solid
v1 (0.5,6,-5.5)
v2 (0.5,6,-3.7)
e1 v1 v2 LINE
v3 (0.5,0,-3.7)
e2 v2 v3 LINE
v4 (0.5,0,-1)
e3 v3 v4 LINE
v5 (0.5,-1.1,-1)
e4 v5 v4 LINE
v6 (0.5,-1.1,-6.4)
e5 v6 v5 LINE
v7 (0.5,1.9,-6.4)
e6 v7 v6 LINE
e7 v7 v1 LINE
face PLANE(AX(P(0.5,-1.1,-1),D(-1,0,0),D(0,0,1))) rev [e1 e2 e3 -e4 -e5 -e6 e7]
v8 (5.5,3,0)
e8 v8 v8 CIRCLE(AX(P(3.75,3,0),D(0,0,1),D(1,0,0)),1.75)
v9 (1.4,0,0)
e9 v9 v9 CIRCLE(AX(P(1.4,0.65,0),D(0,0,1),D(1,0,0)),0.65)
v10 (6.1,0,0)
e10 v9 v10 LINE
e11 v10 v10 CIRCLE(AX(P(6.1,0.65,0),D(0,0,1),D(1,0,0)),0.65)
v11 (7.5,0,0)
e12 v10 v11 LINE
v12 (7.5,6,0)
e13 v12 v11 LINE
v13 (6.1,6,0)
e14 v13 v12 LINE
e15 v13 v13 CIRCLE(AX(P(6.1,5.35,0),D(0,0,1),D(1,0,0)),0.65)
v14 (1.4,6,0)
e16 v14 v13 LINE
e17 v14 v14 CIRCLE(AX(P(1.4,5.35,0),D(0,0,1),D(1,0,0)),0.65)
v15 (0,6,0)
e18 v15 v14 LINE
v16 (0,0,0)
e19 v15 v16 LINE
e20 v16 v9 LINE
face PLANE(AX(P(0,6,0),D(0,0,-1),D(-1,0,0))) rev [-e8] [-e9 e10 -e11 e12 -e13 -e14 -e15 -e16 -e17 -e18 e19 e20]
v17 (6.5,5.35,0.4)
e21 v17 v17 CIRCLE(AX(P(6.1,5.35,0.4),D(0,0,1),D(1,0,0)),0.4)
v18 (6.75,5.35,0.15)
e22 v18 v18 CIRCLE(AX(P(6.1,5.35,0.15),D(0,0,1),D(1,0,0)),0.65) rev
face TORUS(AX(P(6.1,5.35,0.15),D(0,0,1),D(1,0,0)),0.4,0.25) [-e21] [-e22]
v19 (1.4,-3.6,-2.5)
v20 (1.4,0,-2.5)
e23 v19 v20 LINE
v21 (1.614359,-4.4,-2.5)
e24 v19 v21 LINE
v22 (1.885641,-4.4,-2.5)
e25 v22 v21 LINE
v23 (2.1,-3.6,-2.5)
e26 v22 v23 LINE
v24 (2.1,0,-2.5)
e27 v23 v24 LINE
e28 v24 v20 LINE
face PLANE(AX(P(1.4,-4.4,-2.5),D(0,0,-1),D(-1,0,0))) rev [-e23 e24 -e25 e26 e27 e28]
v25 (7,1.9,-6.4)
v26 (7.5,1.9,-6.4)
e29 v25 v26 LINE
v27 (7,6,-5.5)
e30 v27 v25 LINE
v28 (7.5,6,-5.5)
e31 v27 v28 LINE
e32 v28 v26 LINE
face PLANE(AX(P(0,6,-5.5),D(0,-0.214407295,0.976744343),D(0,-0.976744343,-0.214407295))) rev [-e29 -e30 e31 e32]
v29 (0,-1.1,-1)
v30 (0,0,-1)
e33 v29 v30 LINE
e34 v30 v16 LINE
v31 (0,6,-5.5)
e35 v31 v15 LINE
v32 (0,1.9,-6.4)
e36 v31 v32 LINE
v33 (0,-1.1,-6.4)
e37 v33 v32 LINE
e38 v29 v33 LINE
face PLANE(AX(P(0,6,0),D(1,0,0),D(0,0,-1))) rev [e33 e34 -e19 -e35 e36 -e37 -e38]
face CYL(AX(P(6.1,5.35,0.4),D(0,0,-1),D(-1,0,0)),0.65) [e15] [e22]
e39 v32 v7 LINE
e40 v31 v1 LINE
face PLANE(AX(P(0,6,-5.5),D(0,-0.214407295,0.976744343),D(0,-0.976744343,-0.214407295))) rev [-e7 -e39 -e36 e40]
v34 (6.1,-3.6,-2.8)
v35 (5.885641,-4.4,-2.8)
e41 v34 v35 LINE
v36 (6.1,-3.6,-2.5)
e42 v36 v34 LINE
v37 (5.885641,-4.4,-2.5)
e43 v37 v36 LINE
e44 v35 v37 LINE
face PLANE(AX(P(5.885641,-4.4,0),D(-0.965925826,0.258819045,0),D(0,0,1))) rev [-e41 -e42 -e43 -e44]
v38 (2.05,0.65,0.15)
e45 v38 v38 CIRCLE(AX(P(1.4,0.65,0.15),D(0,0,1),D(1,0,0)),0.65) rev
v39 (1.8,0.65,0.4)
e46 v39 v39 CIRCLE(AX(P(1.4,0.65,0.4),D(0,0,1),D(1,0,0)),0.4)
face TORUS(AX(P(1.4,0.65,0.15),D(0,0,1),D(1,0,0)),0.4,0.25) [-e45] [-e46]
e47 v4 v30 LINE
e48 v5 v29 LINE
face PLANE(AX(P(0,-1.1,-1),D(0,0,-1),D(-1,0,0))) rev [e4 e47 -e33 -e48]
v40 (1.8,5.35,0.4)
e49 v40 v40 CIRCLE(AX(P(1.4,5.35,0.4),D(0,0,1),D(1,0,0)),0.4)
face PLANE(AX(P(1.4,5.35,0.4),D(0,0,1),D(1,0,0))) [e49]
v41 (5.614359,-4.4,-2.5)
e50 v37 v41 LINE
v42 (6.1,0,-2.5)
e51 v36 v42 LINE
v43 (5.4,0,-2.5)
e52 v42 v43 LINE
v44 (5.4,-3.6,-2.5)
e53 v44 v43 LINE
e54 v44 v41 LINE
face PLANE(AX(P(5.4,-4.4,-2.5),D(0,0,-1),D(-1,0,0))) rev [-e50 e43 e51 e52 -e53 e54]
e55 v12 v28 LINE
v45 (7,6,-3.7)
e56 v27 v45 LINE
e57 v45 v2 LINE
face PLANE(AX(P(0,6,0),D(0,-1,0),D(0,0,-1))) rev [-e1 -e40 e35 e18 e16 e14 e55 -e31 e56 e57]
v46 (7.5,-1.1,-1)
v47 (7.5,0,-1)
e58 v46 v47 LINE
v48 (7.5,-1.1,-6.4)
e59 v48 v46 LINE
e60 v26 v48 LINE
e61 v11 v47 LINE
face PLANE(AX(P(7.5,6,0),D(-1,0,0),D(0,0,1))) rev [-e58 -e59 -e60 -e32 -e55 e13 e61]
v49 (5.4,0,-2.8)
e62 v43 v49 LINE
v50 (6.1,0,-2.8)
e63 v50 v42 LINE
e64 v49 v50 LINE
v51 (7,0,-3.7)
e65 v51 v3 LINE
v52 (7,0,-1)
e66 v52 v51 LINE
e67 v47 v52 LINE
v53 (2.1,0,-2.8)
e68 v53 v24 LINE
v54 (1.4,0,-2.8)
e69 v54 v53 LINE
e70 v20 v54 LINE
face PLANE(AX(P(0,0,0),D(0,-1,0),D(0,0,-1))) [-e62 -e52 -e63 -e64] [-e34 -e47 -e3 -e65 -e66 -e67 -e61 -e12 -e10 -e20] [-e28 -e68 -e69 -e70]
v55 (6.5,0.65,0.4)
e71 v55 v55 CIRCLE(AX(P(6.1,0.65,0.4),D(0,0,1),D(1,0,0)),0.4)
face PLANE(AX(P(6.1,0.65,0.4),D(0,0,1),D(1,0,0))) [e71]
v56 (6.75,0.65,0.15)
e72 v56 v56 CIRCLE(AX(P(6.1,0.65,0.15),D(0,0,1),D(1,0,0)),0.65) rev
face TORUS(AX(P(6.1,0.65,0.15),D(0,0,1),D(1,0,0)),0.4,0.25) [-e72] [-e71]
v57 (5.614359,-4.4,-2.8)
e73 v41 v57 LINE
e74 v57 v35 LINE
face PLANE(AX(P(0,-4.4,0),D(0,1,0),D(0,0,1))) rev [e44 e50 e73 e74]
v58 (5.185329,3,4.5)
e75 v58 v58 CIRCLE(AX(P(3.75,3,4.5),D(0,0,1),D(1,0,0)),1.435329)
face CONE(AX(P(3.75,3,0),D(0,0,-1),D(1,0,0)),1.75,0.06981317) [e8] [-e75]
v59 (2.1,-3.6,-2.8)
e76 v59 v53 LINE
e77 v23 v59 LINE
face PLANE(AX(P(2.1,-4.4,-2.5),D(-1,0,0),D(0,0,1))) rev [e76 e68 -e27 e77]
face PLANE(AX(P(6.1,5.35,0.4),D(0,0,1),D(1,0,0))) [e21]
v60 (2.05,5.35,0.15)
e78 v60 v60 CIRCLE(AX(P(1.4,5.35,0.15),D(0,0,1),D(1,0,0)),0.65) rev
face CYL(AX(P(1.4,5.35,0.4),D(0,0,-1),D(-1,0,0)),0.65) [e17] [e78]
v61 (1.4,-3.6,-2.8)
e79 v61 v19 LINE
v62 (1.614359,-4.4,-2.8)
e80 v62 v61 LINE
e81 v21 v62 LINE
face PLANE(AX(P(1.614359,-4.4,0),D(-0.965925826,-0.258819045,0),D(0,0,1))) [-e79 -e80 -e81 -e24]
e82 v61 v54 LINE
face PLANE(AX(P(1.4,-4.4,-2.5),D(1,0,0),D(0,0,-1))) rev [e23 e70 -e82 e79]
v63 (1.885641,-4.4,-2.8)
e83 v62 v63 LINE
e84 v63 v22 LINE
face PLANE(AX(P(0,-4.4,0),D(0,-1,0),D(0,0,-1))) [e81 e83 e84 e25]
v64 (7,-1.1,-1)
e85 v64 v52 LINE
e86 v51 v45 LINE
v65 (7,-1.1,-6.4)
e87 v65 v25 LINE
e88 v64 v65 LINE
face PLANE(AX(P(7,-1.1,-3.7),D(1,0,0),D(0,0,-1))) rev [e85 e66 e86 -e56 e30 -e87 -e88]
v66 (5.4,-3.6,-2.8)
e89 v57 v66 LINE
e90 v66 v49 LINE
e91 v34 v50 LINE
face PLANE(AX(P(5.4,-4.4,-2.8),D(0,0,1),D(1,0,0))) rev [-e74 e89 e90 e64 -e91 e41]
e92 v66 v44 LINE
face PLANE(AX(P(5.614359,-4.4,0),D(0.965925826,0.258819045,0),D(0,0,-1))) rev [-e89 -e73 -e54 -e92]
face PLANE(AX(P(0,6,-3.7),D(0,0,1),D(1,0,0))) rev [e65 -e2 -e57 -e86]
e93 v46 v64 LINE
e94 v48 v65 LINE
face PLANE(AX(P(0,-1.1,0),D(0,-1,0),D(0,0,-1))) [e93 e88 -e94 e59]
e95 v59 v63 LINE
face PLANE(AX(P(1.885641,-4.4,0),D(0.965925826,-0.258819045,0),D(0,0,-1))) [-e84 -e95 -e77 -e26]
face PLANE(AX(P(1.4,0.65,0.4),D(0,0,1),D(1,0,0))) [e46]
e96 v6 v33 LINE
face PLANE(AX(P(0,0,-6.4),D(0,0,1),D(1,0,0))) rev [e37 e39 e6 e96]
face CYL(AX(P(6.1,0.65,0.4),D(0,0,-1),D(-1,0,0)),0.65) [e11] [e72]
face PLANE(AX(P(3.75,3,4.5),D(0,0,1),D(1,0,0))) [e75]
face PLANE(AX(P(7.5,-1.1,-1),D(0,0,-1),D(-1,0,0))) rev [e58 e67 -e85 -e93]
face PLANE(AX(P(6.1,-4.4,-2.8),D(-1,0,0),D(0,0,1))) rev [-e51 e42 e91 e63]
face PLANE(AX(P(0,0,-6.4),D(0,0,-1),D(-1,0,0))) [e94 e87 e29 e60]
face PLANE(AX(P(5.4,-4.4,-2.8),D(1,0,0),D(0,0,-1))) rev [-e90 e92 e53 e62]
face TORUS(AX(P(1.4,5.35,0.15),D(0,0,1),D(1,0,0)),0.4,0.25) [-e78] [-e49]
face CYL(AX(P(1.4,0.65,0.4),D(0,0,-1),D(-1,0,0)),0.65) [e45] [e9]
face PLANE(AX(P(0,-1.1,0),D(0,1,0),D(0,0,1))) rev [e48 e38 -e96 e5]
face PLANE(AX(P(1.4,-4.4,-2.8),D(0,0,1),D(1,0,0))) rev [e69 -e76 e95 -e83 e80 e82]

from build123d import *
from OCP.BRepFilletAPI import BRepFilletAPI_MakeChamfer

# Parameters (mm, degrees)
SKETCH1_W           = 7.5
SKETCH1_H           = 3.7
BOSS_EXTRUDE1_DEPTH = 6
SKETCH2_R           = 1.75
BOSS_EXTRUDE2_DEPTH = 4.5
BOSS_EXTRUDE2_TAPER = 4
SKETCH3_W           = 0.7
SKETCH3_H           = 0.3
BOSS_EXTRUDE3_DEPTH = 4.4
SKETCH4_W           = 0.5
SKETCH4_H           = 2.7
BOSS_EXTRUDE4_DEPTH = 1.1
BOSS_EXTRUDE5_DEPTH = 2.7
CUT_EXTRUDE1_DEPTH  = 12.541663658
SKETCH7_R           = 0.65
BOSS_EXTRUDE6_DEPTH = 0.4
FILLET1_R           = 0.25
CHAMFER1_SIZE       = 0.8
CHAMFER1_SIZE2      = 0.214359354


with BuildPart() as part:
    # Sketch1 → Boss-Extrude1 (new body)
    with BuildSketch(Plane(origin=(0, 0, 0), x_dir=(1, 0, 0), z_dir=(0, 1, 0))):
        with Locations((3.75, 1.85)):
            Rectangle(SKETCH1_W, SKETCH1_H)
    extrude(amount=BOSS_EXTRUDE1_DEPTH)

    # Sketch2 → Boss-Extrude2 (add)
    with BuildSketch(Plane.XY):
        with Locations((3.75, 3)):
            Circle(SKETCH2_R)
    extrude(amount=BOSS_EXTRUDE2_DEPTH, taper=BOSS_EXTRUDE2_TAPER)

    # Sketch3 → Boss-Extrude3 (add)
    with BuildSketch(Plane.XZ):
        with Locations((1.75, -2.65)):
            Rectangle(SKETCH3_W, SKETCH3_H)
        with Locations((5.75, -2.65)):
            Rectangle(SKETCH3_W, SKETCH3_H)
    extrude(amount=BOSS_EXTRUDE3_DEPTH)

    # Sketch4 → Boss-Extrude4 (add)
    with BuildSketch(Plane.XZ):
        with Locations((0.25, -2.35)):
            Rectangle(SKETCH4_W, SKETCH4_H)
        with Locations((7.25, -2.35)):
            Rectangle(SKETCH4_W, SKETCH4_H)
    extrude(amount=BOSS_EXTRUDE4_DEPTH)

    # Sketch5 → Boss-Extrude5 (add)
    with BuildSketch(Plane(origin=(0, 0, -3.7), x_dir=(-1, 0, 0), z_dir=(0, 0, -1))):
        Polygon((-7, 0), (-7, 6), (-7.5, 6), (-7.5, -1.1), (-7, -1.1), align=None)
        Polygon((-0.5, -1.1), (-0.5, 0), (-0.5, 6), (0, 6), (0, -1.1), align=None)
    extrude(amount=BOSS_EXTRUDE5_DEPTH)

    # Sketch6 → Cut-Extrude1 (cut, through all)
    with BuildSketch(Plane(origin=(7.5, 0, 0), x_dir=(0, 0, -1), z_dir=(1, 0, 0))):
        Polygon((5.5, 6), (6.4, 1.9), (6.4, 6), align=None)
    extrude(amount=-CUT_EXTRUDE1_DEPTH, mode=Mode.SUBTRACT)

    # Sketch7 → Boss-Extrude6 (add)
    with BuildSketch(Plane.XY):
        with Locations(Location((1.4, 5.35, 0), (0, 0, 90))):
            Circle(SKETCH7_R)
        with Locations(Location((6.1, 5.35, 0), (0, 0, 90))):
            Circle(SKETCH7_R)
        with Locations(Location((6.1, 0.65, 0), (0, 0, 270))):
            Circle(SKETCH7_R)
        with Locations(Location((1.4, 0.65, 0), (0, 0, 270))):
            Circle(SKETCH7_R)
    extrude(amount=BOSS_EXTRUDE6_DEPTH)

    # Fillet1
    fillet1_edges = [part.edges().sort_by_distance(p)[0] for p in [
        (1.4, 4.7, 0.4),
        (6.1, 4.7, 0.4),
        (6.1, 1.3, 0.4),
        (1.4, 1.3, 0.4),
    ]]
    fillet(fillet1_edges, radius=FILLET1_R)

    # Chamfer1: one chamfer whose edges measure the first distance from different faces: ONE call of the kernel's chamfer builder (chamfer() names one face for all edges)
    chamfer1_edges_1 = [part.edges().sort_by_distance(p)[0] for p in [
        (1.4, -4.4, -2.65),
    ]]
    chamfer1_side_1 = [part.faces().sort_by_distance(p)[0] for p in [
        (1.4, -2.2, -2.65),
    ]]
    chamfer1_edges_2 = [part.edges().sort_by_distance(p)[0] for p in [
        (2.1, -4.4, -2.65),
    ]]
    chamfer1_side_2 = [part.faces().sort_by_distance(p)[0] for p in [
        (2.1, -2.2, -2.65),
    ]]
    chamfer1_edges_3 = [part.edges().sort_by_distance(p)[0] for p in [
        (5.4, -4.4, -2.65),
    ]]
    chamfer1_side_3 = [part.faces().sort_by_distance(p)[0] for p in [
        (5.4, -2.2, -2.65),
    ]]
    chamfer1_edges_4 = [part.edges().sort_by_distance(p)[0] for p in [
        (6.1, -4.4, -2.65),
    ]]
    chamfer1_side_4 = [part.faces().sort_by_distance(p)[0] for p in [
        (6.1, -2.2, -2.65),
    ]]
    chamfer1 = BRepFilletAPI_MakeChamfer(part.part.solid().wrapped)
    for e in chamfer1_edges_1:
        chamfer1.Add(CHAMFER1_SIZE, CHAMFER1_SIZE2, e.wrapped, chamfer1_side_1[0].wrapped)  # the first distance lies on this face
    for e in chamfer1_edges_2:
        chamfer1.Add(CHAMFER1_SIZE, CHAMFER1_SIZE2, e.wrapped, chamfer1_side_2[0].wrapped)  # the first distance lies on this face
    for e in chamfer1_edges_3:
        chamfer1.Add(CHAMFER1_SIZE, CHAMFER1_SIZE2, e.wrapped, chamfer1_side_3[0].wrapped)  # the first distance lies on this face
    for e in chamfer1_edges_4:
        chamfer1.Add(CHAMFER1_SIZE, CHAMFER1_SIZE2, e.wrapped, chamfer1_side_4[0].wrapped)  # the first distance lies on this face
    add(Compound.cast(chamfer1.Shape()), mode=Mode.REPLACE)


solid = part.part
